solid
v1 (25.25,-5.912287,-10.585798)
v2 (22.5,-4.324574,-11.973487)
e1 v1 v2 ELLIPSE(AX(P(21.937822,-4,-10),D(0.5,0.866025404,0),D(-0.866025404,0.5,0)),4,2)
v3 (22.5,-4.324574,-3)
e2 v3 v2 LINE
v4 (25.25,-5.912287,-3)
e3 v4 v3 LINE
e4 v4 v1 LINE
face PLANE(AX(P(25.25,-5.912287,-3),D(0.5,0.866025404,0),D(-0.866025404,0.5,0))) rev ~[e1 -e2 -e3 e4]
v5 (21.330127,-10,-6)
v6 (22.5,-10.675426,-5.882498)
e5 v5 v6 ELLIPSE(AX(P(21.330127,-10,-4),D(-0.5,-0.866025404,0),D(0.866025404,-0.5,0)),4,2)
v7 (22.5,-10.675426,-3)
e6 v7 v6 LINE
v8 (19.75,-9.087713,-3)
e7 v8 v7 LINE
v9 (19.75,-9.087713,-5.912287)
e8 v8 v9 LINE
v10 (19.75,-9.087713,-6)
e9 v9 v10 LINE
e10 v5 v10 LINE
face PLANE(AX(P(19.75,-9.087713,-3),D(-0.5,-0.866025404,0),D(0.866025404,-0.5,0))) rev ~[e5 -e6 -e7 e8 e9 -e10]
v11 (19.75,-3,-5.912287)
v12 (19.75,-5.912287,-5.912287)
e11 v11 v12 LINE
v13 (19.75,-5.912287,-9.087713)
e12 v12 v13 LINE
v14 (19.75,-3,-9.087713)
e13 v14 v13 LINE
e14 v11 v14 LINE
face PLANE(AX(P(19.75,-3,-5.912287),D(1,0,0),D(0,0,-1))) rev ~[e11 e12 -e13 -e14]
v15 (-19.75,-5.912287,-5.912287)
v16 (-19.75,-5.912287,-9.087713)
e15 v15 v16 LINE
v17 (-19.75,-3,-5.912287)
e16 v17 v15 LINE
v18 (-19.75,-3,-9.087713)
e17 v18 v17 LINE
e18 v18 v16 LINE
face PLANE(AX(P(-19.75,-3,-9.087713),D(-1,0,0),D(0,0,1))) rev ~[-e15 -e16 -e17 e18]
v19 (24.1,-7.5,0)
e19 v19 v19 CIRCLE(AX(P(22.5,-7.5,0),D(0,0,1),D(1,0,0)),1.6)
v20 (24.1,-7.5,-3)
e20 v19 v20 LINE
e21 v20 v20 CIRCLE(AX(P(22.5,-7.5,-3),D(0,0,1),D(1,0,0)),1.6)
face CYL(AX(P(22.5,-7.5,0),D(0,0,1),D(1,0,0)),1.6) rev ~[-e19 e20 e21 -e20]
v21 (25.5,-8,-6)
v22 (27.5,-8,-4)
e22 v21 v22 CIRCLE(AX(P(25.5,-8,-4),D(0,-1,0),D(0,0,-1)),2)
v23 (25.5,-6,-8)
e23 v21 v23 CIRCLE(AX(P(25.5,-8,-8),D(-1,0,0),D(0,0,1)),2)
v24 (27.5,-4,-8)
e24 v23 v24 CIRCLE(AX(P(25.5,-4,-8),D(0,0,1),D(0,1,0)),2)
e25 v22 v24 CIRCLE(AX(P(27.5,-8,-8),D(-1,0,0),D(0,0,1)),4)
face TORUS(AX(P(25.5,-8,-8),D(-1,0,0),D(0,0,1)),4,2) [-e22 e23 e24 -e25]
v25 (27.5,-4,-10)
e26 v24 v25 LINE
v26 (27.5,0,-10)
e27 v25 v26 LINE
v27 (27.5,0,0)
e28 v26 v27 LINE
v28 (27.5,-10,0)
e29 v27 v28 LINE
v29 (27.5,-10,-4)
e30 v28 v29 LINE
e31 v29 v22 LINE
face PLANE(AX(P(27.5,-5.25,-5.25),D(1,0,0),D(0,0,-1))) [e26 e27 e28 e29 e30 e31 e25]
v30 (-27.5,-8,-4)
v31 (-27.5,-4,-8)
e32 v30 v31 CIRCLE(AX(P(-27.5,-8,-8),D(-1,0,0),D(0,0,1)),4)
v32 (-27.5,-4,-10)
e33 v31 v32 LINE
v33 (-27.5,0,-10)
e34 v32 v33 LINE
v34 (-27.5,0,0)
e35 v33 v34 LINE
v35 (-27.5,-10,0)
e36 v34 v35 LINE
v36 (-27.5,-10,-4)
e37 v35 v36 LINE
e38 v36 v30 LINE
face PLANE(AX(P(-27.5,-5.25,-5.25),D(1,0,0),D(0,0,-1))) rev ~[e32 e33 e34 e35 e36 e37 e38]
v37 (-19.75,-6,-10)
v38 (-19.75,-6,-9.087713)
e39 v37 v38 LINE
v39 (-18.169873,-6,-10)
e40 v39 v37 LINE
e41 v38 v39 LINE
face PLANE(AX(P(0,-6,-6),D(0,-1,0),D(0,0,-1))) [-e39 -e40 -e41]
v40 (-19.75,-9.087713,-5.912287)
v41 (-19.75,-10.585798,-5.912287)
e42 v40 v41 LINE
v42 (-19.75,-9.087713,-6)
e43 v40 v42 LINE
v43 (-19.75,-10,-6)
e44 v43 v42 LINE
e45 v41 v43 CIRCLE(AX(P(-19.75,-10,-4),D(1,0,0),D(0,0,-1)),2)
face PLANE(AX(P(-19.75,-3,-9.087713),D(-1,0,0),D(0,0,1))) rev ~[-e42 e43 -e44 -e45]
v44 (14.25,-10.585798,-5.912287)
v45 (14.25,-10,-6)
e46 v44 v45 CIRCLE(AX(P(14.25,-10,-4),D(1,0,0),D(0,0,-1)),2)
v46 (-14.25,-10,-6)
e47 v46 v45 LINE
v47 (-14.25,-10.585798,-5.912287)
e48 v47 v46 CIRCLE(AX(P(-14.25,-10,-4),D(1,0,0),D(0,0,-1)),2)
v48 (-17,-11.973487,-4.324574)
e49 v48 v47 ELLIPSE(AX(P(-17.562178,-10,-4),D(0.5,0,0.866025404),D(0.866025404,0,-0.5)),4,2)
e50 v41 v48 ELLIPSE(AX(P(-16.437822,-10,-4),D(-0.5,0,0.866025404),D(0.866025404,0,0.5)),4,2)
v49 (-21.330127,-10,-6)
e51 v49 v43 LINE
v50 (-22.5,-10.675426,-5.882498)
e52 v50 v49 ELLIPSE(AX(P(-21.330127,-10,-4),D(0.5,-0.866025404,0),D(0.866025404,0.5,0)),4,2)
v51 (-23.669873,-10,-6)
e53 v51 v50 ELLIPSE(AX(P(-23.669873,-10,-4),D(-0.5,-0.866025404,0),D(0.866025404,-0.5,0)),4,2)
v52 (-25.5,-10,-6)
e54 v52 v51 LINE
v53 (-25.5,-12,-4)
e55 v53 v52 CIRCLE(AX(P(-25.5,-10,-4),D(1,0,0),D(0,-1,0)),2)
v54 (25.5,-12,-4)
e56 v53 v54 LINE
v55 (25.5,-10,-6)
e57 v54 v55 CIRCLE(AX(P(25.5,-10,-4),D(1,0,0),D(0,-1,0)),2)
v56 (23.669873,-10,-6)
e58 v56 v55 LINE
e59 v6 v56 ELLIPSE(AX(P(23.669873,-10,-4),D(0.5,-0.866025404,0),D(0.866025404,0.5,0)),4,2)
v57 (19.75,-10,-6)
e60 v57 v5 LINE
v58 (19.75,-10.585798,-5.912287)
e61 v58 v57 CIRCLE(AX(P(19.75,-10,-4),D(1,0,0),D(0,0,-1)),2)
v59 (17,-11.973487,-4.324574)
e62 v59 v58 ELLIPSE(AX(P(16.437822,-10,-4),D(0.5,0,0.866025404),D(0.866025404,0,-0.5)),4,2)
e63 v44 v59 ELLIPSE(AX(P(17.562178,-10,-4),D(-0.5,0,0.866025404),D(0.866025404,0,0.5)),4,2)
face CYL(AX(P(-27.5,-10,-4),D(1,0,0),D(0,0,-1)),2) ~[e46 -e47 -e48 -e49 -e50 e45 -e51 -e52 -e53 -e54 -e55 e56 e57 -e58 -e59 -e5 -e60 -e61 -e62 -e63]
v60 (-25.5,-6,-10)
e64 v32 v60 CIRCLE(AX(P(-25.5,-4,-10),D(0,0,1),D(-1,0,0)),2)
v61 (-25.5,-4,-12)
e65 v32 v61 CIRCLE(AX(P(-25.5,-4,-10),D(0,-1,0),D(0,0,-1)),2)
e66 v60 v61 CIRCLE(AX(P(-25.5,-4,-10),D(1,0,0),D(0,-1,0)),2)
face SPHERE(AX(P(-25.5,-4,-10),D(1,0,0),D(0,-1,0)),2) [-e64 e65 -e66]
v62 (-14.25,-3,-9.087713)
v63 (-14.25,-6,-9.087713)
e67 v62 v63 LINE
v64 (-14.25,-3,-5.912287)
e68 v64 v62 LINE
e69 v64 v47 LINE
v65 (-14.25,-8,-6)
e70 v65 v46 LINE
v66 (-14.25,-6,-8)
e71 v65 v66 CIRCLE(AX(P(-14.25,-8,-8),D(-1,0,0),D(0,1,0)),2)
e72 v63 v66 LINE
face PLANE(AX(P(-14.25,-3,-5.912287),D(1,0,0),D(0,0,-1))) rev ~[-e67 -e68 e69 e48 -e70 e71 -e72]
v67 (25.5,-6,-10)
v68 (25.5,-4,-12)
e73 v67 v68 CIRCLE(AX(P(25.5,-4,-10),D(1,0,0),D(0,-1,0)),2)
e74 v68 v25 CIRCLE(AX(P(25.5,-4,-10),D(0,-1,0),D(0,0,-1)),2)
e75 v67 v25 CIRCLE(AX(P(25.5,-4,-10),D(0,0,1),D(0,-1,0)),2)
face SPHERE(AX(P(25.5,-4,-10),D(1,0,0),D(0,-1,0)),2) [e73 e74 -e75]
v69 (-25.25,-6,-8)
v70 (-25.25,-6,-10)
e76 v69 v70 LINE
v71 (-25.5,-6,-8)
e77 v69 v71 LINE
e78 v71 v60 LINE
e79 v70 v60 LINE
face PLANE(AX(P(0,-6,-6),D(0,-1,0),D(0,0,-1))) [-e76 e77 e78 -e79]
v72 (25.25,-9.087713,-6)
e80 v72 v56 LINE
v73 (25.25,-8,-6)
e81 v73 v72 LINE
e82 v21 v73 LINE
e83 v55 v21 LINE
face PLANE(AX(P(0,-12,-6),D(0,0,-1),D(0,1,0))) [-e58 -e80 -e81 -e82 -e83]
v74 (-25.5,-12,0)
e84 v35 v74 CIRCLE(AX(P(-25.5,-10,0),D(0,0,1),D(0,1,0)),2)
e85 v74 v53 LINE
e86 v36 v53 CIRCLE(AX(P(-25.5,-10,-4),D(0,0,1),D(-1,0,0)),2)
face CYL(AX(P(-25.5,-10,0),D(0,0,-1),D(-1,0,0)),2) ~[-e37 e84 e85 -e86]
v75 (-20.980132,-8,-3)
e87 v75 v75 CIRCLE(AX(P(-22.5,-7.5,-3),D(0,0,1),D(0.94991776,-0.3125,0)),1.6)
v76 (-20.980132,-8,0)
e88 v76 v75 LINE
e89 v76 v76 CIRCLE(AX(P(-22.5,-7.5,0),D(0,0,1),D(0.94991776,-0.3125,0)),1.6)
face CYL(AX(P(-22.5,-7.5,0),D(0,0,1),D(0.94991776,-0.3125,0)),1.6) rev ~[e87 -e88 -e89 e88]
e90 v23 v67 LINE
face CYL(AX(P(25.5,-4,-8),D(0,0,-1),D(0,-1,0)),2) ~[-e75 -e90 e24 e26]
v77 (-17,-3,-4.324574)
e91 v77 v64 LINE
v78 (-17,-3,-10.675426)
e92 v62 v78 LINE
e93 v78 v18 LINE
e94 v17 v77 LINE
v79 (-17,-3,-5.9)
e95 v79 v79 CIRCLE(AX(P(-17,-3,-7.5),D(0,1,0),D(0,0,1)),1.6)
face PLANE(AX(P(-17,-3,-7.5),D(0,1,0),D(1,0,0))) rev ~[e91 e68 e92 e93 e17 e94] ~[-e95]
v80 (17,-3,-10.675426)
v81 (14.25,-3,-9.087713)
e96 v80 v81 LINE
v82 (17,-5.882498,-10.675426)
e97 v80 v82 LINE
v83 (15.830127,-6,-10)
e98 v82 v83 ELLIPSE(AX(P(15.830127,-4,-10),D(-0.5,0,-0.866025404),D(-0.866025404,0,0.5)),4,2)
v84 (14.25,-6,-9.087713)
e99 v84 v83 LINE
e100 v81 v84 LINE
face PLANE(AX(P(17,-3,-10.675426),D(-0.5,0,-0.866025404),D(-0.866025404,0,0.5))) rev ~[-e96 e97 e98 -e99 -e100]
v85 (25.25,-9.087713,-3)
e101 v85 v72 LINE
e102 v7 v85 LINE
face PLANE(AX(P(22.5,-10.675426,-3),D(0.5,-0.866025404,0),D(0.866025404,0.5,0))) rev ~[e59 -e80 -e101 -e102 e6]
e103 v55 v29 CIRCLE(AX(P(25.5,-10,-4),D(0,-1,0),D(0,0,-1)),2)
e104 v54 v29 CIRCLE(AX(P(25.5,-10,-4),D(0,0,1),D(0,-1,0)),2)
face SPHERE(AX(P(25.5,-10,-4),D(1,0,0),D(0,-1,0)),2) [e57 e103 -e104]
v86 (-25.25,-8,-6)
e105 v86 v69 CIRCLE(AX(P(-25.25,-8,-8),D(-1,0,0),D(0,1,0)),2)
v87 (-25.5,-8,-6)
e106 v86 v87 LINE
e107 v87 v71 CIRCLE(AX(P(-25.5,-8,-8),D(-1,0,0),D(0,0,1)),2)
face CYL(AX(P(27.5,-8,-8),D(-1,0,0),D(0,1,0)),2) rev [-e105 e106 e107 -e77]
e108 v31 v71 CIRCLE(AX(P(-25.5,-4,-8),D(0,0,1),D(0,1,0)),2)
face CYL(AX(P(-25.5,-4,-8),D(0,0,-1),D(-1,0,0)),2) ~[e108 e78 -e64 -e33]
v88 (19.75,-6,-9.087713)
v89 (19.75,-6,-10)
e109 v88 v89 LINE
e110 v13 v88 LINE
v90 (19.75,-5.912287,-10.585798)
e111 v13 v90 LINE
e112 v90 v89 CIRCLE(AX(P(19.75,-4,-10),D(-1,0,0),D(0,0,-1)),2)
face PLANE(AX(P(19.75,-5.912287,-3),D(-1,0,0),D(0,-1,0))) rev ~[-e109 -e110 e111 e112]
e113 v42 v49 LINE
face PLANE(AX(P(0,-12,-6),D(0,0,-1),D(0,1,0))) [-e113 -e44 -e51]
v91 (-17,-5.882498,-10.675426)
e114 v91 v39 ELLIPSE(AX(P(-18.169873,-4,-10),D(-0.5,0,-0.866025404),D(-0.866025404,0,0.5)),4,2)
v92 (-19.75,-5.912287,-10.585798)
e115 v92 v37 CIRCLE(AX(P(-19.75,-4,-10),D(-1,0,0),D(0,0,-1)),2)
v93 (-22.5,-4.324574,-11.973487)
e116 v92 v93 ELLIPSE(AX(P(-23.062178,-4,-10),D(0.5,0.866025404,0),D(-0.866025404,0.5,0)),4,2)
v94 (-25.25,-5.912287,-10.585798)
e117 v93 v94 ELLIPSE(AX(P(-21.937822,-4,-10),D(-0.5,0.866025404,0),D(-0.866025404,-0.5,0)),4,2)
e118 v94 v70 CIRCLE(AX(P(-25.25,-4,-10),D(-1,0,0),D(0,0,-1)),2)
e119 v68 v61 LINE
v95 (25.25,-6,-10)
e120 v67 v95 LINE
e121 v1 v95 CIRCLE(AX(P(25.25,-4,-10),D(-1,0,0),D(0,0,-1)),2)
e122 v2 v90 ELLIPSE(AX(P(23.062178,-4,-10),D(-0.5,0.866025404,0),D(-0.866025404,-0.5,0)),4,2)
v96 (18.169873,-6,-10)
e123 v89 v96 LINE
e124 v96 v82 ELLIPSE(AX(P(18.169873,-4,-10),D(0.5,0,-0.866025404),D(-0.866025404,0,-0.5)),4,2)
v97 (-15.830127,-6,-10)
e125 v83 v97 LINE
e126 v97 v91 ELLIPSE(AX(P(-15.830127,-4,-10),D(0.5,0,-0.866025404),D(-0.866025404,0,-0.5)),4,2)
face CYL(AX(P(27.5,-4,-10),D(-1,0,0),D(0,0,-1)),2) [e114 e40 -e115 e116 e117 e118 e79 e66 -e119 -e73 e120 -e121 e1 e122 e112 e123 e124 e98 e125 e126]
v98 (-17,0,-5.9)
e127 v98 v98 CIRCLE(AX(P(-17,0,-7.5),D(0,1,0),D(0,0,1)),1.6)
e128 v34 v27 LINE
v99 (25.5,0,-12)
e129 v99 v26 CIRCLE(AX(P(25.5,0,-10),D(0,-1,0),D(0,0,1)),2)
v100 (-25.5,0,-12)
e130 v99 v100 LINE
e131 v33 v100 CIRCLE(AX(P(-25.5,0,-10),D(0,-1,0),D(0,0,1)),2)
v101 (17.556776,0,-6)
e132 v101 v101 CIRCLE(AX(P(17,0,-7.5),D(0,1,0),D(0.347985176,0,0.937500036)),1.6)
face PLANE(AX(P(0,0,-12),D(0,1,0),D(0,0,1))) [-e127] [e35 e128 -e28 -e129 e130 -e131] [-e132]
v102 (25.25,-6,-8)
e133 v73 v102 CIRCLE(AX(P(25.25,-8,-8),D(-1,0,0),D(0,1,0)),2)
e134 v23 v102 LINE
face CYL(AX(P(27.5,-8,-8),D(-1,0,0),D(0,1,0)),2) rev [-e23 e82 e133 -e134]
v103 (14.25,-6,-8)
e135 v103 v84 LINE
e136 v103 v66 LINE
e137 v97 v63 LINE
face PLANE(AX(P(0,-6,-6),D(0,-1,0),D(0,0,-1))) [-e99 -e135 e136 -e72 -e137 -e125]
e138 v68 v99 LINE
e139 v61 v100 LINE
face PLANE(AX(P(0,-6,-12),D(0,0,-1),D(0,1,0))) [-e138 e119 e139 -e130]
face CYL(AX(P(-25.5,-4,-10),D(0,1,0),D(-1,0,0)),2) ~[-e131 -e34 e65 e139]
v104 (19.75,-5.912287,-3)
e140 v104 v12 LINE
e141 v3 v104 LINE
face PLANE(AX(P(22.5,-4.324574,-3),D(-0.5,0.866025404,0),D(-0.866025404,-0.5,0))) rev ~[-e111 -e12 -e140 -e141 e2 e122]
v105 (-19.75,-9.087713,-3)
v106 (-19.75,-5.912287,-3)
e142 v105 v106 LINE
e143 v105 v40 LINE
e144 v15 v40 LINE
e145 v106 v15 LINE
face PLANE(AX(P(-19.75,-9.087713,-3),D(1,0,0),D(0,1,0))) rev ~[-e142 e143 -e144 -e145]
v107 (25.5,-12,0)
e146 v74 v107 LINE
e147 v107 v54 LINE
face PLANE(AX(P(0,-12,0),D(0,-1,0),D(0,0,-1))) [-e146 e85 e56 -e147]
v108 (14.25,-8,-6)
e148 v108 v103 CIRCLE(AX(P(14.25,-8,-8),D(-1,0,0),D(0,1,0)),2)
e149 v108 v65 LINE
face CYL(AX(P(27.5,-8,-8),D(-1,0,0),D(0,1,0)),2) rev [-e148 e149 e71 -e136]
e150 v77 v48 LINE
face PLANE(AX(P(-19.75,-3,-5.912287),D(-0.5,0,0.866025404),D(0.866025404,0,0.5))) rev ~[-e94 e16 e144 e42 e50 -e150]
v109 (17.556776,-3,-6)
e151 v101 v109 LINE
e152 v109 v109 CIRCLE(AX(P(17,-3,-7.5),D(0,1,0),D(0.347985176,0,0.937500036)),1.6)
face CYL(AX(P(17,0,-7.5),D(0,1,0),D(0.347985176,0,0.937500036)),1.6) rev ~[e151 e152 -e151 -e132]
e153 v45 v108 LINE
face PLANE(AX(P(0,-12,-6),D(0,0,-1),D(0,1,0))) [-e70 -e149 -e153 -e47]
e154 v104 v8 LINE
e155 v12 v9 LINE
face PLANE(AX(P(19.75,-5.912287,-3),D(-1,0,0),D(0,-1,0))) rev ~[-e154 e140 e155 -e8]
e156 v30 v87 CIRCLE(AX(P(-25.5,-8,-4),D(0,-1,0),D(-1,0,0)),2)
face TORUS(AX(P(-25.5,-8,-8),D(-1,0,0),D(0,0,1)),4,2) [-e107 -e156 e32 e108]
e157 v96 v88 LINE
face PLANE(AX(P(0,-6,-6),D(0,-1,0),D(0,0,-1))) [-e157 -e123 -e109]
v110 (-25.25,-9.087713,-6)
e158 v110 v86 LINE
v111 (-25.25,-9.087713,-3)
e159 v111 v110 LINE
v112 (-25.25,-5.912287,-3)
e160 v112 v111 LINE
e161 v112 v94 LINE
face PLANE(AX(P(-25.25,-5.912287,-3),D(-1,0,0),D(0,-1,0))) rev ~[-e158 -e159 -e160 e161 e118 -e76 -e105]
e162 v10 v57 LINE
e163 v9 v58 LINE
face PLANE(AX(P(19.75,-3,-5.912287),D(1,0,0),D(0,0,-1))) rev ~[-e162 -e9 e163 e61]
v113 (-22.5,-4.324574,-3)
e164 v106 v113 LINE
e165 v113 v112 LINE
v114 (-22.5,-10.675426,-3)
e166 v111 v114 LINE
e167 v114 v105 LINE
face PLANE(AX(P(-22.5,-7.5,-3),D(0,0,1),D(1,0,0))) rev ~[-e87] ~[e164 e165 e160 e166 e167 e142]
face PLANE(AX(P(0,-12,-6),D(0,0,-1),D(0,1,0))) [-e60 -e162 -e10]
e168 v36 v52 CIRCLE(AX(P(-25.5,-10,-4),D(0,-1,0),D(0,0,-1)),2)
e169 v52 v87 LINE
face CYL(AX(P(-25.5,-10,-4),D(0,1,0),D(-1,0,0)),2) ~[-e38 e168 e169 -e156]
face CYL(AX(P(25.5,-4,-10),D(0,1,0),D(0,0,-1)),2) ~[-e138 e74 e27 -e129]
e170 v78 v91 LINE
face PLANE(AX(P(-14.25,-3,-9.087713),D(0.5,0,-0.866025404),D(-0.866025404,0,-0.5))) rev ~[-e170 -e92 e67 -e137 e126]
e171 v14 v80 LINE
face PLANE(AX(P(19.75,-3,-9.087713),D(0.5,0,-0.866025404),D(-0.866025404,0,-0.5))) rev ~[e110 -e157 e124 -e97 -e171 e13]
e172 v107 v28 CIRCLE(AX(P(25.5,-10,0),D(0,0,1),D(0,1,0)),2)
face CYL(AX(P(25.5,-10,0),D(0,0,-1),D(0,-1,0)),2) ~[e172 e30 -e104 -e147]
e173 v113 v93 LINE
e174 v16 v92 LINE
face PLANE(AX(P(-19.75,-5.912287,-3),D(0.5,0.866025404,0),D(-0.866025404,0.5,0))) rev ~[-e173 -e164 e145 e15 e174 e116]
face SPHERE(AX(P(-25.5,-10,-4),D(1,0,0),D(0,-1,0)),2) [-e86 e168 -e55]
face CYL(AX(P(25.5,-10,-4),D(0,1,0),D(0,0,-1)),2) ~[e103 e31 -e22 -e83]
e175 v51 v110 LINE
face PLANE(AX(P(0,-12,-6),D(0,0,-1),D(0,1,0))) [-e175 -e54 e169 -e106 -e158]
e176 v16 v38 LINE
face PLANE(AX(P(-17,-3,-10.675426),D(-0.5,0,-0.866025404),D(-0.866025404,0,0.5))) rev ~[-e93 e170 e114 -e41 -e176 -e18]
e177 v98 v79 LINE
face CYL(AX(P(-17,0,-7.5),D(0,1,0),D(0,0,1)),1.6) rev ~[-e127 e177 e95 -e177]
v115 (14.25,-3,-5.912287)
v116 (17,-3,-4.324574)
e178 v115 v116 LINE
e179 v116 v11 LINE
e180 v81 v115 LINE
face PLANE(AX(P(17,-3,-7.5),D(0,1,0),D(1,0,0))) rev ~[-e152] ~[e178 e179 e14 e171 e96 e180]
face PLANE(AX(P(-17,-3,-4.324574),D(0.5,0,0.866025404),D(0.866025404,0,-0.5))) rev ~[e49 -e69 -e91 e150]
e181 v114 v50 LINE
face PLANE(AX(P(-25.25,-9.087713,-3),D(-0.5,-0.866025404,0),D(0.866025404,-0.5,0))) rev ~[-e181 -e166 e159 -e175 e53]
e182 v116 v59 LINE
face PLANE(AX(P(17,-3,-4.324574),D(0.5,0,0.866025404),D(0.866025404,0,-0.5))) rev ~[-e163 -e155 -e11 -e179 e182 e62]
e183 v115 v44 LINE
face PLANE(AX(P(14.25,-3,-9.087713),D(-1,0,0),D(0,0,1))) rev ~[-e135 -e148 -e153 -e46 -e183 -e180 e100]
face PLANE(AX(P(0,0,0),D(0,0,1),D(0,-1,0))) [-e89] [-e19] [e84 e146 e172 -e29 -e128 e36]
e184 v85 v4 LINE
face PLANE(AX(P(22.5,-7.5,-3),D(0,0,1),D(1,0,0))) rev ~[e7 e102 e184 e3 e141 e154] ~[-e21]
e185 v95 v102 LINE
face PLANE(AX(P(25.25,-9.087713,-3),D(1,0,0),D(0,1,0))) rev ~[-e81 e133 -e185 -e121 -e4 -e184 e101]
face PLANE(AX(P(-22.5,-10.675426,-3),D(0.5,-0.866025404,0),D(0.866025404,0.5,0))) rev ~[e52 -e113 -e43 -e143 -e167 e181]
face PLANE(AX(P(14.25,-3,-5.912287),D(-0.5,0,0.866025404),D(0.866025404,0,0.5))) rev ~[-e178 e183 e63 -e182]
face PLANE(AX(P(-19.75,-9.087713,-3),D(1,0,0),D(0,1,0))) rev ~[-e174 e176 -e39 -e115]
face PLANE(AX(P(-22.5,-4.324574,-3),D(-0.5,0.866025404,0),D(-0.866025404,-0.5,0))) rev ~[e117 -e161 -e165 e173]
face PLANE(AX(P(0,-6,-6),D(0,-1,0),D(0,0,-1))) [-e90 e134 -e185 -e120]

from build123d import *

# Parameters (mm, degrees)
EXTRU_MINCE1_DEPTH      = 27.5
CONG_2_R                = 2
ESQUISSE2_R             = 1.6
ENL_V_MAT_EXTRU_1_DEPTH = 33.314857264
ESQUISSE3_R             = 1.6
ENL_V_MAT_EXTRU_2_DEPTH = 33.314857386
ENL_V_START             = -3
ENL_V_MAT_EXTRU_3_DEPTH = 30.314857423
ENL_V_MAT_EXTRU_4_DEPTH = 30.314857386
CONG_1_R                = 2


with BuildPart() as part:
    # Esquisse1 → Extru.-Mince1 (new, symmetric)
    with BuildSketch(Plane(origin=(0, 0, 0), x_dir=(0, 0, -1), z_dir=(1, 0, 0))):
        Polygon((12, 0), (0, 0), (0, -12), (6, -12), (6, -6), (12, -6), align=None)
    extrude(amount=EXTRU_MINCE1_DEPTH, both=True)

    # Congé2
    cong_2_edges = [part.edges().sort_by_distance(p)[0] for p in [
        (0, -12, -6),
        (0, -6, -12),
        (0, -6, -6),
    ]]
    fillet(cong_2_edges, radius=CONG_2_R)

    # Esquisse2 → Enlèv. mat.-Extru.1 (cut, through all)
    with BuildSketch(Plane(origin=(0, 0, 0), x_dir=(1, 0, 0), z_dir=(0, 1, 0))):
        with Locations((-17, 7.5)):
            Circle(ESQUISSE2_R)
        with Locations((17, 7.5)):
            Circle(ESQUISSE2_R)
    extrude(amount=-ENL_V_MAT_EXTRU_1_DEPTH, mode=Mode.SUBTRACT)

    # Esquisse3 → Enlèv. mat.-Extru.2 (cut, through all)
    with BuildSketch(Plane.XY):
        with Locations((22.5, -7.5)):
            Circle(ESQUISSE3_R)
        with Locations((-22.5, -7.5)):
            Circle(ESQUISSE3_R)
    extrude(amount=-ENL_V_MAT_EXTRU_2_DEPTH, mode=Mode.SUBTRACT)

    # Esquisse4 → Enlèv. mat.-Extru.3 (cut, through all)
    with BuildSketch(Plane(origin=(0, 0, 0), x_dir=(1, 0, 0), z_dir=(0, 1, 0)).offset(ENL_V_START)):
        Polygon((-14.25, 9.08771324), (-17, 10.675426481), (-19.75, 9.08771324), (-19.75, 5.91228676), (-17, 4.324573519), (-14.25, 5.91228676), align=None)
        Polygon((19.75, 9.08771324), (17, 10.675426481), (14.25, 9.08771324), (14.25, 5.91228676), (17, 4.324573519), (19.75, 5.91228676), align=None)
    extrude(amount=-ENL_V_MAT_EXTRU_3_DEPTH, mode=Mode.SUBTRACT)

    # Esquisse5 → Enlèv. mat.-Extru.4 (cut, through all)
    with BuildSketch(Plane.XY.offset(ENL_V_START)):
        Polygon((25.25, -5.91228676), (22.5, -4.324573519), (19.75, -5.91228676), (19.75, -9.08771324), (22.5, -10.675426481), (25.25, -9.08771324), align=None)
        Polygon((-19.75, -9.08771324), (-19.75, -5.91228676), (-22.5, -4.324573519), (-25.25, -5.91228676), (-25.25, -9.08771324), (-22.5, -10.675426481), align=None)
    extrude(amount=-ENL_V_MAT_EXTRU_4_DEPTH, mode=Mode.SUBTRACT)

    # Congé1
    cong_1_edges = [part.edges().sort_by_distance(p)[0] for p in [
        (27.5, -2, -12),
        (-27.5, -2, -12),
        (27.5, -12, -2),
        (27.5, -11.414213562, -5.414213562),
        (27.5, -9, -6),
        (27.5, -6.585786438, -6.585786438),
        (27.5, -6, -9),
        (27.5, -5.414213562, -11.414213562),
        (-27.5, -12, -2),
        (-27.5, -11.414213562, -5.414213562),
        (-27.5, -9, -6),
        (-27.5, -6.585786438, -6.585786438),
        (-27.5, -6, -9),
        (-27.5, -5.414213562, -11.414213562),
    ]]
    fillet(cong_1_edges, radius=CONG_1_R)


solid = part.part
